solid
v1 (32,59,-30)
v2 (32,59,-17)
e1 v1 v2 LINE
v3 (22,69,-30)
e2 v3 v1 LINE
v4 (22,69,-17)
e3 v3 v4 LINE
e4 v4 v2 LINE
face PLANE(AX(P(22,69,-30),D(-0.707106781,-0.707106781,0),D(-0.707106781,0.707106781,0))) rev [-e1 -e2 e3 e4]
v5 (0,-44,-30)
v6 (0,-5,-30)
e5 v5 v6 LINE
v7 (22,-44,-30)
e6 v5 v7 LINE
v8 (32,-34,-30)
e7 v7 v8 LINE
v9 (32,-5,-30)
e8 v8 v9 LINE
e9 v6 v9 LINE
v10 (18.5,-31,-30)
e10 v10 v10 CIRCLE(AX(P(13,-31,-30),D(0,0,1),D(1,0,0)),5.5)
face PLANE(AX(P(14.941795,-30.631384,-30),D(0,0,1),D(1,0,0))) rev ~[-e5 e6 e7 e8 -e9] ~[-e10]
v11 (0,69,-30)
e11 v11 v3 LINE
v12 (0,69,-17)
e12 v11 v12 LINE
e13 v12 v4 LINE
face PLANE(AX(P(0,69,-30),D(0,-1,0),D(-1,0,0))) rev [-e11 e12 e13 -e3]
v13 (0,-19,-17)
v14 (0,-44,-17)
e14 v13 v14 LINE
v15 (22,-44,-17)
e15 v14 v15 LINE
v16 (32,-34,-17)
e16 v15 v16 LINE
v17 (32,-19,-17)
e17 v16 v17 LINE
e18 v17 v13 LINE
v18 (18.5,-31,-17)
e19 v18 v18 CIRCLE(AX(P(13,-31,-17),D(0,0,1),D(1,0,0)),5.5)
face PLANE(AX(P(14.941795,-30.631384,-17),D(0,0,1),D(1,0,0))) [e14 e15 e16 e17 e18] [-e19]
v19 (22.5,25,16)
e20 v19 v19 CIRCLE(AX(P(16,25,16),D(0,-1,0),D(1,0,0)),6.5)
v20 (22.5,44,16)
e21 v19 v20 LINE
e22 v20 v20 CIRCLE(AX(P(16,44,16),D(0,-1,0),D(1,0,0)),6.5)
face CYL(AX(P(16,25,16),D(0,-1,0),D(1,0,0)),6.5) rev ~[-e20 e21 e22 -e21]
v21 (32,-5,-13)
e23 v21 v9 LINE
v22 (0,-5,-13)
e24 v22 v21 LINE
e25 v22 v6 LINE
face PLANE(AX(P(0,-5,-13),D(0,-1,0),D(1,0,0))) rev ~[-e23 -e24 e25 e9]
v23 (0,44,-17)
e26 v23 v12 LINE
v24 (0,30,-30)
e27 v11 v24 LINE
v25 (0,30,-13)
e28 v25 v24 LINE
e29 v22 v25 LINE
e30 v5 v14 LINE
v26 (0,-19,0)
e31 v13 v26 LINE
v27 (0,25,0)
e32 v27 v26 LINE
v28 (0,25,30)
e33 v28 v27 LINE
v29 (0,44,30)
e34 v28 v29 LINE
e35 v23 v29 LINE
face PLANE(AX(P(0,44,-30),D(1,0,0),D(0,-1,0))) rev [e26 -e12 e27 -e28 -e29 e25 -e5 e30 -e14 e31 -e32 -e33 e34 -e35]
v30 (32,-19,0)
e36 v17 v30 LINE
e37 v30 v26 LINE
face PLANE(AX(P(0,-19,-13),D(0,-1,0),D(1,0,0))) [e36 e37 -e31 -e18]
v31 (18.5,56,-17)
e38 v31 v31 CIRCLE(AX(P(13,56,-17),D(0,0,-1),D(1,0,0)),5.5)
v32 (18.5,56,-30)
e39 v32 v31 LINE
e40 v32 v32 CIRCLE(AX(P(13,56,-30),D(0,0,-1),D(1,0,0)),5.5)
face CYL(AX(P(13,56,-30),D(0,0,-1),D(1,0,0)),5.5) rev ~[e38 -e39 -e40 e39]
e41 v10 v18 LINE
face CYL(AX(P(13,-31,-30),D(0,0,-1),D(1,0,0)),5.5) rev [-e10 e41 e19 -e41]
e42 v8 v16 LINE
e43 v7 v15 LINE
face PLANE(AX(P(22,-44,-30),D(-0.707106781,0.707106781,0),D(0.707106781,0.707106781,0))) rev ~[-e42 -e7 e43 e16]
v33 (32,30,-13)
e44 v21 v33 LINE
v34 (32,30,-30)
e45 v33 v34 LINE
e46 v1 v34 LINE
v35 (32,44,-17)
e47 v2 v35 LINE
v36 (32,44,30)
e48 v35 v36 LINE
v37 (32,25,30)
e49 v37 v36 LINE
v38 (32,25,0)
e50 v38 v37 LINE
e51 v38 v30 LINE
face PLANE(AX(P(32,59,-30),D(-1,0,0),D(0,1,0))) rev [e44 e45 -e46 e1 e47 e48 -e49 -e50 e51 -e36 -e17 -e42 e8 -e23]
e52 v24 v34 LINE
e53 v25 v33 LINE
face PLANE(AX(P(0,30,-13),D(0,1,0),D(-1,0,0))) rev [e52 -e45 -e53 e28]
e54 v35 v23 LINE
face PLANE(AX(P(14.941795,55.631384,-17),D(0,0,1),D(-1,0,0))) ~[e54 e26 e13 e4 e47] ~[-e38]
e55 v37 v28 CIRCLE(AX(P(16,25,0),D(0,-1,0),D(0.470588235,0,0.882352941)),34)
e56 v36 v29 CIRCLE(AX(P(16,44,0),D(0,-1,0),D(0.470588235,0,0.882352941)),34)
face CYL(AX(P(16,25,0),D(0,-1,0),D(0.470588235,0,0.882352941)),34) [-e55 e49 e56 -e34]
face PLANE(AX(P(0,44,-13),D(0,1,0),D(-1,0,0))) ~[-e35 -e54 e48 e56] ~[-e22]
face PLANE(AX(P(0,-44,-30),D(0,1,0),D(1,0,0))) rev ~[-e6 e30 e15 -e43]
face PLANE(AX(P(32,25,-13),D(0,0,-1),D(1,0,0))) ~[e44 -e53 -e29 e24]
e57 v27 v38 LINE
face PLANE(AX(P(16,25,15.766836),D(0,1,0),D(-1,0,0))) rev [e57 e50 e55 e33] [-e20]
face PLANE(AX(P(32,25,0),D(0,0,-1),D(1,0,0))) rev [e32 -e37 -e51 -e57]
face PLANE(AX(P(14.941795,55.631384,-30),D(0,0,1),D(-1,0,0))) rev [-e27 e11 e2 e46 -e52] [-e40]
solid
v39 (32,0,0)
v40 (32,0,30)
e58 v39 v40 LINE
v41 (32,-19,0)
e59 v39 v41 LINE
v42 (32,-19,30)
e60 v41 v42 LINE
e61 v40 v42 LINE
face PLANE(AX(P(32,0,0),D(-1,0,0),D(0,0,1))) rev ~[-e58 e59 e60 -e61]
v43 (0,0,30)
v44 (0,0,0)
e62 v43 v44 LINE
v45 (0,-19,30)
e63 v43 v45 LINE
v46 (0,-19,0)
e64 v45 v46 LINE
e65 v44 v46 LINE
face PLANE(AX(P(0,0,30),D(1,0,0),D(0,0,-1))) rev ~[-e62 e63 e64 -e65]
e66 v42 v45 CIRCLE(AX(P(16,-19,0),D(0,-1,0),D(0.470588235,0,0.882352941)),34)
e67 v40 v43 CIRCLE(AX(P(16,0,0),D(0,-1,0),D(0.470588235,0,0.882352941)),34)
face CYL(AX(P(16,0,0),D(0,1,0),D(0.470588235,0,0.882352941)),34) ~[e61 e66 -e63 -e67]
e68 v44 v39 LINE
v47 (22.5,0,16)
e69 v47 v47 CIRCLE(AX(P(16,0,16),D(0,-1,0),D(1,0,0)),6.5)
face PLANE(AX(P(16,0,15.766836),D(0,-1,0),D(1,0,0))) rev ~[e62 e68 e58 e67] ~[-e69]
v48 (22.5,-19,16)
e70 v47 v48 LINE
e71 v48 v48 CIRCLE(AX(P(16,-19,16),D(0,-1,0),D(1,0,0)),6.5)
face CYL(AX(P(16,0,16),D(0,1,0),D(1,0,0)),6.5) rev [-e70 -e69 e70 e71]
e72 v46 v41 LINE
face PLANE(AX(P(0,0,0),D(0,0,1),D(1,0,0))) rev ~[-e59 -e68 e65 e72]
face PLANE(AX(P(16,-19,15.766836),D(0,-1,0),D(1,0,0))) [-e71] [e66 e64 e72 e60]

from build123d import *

# Parameters (mm, degrees)
F0_R          = 6.5
F1_DEPTH      = 19
F2_W          = 32
F2_H          = 13
F3_DEPTH      = 12.5
F3_DEPTH_BACK = 19
F4_W          = 32
F4_H          = 14
F5_DEPTH      = 17
F7_R          = 5.5
F8_DEPTH      = 13


with BuildPart() as f1:
    # F0 (on Front) → F1 (new body)
    with BuildSketch(Plane.XZ):
        with BuildLine():
            Line((0, 30), (0, 0))
            Line((0, 0), (32, 0))
            Line((32, 0), (32, 30))
            ThreePointArc((32, 30), (16, 34), (0, 30))
        make_face()
        with Locations((16, 16)):
            Circle(F0_R, mode=Mode.SUBTRACT)
    extrude(amount=F1_DEPTH)


with BuildPart() as f3:
    # F2 (on face) → F3 (new body, two sides)
    with BuildSketch(Plane(origin=(0, 0, 0), x_dir=(-1, 0, 0), z_dir=(0, 1, 0))) as f3_sk:
        with Locations((-16, -6.5)):
            Rectangle(F2_W, F2_H)
    extrude(amount=F3_DEPTH)
    extrude(f3_sk.sketch, amount=-F3_DEPTH_BACK)

    # F4 (on face) → F5 (join)
    with BuildSketch(Plane(origin=(0, 0, -13), x_dir=(1, 0, 0), z_dir=(0, 0, -1))):
        with Locations((16, 12)):
            Rectangle(F4_W, F4_H)
    extrude(amount=F5_DEPTH)

    # F7 (on offset) → F8 (join)
    with BuildSketch(Plane.XY.offset(-30)):
        Polygon((32, -19), (0, -19), (0, -44), (22, -44), (32, -34), align=None)
        with Locations((13, -31)):
            Circle(F7_R, mode=Mode.SUBTRACT)
    extrude(amount=F8_DEPTH)



with BuildPart() as f3_1:
    add(f3.part)
    # F10: F1, F3 across plane
    add(f1.part.mirror(Plane.XZ.offset(-12.5)))
    add(f3.part.mirror(Plane.XZ.offset(-12.5)))


solid = Compound([f1.part, f3_1.part])
